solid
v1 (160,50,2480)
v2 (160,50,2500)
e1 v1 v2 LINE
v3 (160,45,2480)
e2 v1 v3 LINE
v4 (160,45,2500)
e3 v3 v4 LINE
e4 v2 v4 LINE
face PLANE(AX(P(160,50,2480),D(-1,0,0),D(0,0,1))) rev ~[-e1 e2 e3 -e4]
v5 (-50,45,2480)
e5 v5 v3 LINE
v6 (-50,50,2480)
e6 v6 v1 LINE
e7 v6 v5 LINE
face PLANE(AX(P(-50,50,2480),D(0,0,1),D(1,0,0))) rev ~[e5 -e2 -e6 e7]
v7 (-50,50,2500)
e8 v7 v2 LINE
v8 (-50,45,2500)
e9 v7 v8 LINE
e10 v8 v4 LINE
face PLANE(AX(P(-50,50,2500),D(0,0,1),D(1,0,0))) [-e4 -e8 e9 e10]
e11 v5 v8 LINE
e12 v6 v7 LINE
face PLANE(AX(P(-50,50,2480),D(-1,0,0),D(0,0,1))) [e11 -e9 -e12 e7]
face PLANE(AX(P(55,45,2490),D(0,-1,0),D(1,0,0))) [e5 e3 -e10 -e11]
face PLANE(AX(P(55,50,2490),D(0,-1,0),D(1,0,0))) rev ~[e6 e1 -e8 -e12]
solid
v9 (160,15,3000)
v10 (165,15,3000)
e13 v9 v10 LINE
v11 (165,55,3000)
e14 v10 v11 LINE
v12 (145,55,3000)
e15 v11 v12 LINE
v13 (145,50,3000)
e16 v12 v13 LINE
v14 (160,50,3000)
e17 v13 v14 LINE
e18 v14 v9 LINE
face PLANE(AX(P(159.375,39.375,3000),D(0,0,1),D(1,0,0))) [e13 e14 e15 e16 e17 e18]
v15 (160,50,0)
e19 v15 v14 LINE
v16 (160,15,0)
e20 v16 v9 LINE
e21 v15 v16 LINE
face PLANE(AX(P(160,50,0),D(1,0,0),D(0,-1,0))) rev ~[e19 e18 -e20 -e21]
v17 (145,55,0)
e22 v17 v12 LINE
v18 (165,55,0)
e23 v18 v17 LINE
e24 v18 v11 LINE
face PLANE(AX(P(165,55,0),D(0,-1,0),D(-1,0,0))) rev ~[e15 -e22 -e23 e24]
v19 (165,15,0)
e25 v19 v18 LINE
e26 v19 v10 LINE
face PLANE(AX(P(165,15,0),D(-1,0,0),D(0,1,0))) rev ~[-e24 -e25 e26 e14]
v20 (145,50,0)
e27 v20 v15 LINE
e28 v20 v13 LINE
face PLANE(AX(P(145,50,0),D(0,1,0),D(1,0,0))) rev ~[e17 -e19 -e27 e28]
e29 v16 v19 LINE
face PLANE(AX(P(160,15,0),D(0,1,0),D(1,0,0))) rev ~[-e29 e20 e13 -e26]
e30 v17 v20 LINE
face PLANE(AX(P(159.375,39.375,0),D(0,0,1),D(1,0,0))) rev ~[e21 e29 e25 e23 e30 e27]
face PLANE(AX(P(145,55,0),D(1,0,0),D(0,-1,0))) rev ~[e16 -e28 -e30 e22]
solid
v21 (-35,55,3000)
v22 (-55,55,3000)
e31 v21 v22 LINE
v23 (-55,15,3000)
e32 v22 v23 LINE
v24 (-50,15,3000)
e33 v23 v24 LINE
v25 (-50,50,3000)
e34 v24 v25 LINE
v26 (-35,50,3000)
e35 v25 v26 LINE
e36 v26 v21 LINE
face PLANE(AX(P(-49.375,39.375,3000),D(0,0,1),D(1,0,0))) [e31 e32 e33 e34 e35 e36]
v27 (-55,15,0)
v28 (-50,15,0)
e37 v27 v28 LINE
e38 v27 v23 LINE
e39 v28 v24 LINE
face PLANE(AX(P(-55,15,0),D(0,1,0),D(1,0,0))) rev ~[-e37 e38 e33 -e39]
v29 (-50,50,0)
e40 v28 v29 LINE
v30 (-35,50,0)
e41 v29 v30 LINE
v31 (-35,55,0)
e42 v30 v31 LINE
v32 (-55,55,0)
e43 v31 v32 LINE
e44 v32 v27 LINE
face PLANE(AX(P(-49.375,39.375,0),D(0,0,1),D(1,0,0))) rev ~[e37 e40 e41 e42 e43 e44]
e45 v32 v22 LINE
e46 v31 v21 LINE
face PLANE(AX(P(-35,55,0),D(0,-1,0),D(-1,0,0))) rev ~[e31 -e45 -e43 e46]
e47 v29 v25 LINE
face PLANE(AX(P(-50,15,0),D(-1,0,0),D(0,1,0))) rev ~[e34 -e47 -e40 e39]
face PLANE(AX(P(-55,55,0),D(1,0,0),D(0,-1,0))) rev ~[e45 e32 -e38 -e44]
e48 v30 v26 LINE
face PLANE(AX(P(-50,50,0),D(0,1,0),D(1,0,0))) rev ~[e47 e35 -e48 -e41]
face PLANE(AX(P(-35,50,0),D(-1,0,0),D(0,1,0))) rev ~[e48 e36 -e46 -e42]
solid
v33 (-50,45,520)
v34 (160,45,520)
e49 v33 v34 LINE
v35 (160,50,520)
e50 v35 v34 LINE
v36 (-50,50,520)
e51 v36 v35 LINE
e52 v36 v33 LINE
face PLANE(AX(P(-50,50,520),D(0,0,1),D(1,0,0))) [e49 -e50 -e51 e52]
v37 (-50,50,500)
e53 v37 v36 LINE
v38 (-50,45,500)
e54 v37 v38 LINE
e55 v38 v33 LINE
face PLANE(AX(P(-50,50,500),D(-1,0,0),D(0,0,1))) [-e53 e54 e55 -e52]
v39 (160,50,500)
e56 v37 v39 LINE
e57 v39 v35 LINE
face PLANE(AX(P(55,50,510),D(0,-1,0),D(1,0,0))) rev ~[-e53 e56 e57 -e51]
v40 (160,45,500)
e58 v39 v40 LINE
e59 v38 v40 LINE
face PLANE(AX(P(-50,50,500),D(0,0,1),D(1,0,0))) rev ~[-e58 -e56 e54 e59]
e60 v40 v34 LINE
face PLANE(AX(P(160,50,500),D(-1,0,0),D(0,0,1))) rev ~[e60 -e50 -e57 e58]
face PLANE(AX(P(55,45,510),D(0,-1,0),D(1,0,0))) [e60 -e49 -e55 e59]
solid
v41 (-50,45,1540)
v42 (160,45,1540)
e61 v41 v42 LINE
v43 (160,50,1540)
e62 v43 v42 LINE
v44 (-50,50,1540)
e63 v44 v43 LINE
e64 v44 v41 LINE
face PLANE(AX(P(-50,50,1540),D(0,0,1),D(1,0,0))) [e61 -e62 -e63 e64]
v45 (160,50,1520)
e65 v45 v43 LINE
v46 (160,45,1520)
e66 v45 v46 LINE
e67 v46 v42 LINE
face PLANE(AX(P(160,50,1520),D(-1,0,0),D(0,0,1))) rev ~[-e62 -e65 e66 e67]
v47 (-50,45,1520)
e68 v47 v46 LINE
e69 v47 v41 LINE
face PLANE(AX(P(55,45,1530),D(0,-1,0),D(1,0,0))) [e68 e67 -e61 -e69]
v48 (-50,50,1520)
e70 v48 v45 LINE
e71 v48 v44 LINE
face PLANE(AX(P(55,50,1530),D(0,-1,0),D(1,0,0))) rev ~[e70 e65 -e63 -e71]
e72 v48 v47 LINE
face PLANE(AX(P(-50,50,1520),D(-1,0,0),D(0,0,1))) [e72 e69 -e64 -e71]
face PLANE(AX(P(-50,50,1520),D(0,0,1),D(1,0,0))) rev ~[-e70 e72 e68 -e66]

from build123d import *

# Parameters (mm, degrees)
F1_DEPTH = 3000
F2_W     = 210
F2_H     = 20
F3_DEPTH = 5
F4_W     = 210
F4_H     = 20
F5_DEPTH = 5
F6_W     = 210
F6_H     = 20
F7_DEPTH = 5


with BuildPart() as f1:
    # F0 (on Top) → F1 (new body)
    with BuildSketch(Plane.XY):
        Polygon((-35, 55), (-55, 55), (-55, 15), (-50, 15), (-50, 50), (-35, 50), align=None)
        Polygon((165, 55), (145, 55), (145, 50), (160, 50), (160, 15), (165, 15), align=None)
    extrude(amount=F1_DEPTH)


with BuildPart() as f3:
    # F2 (on face) → F3 (new body)
    with BuildSketch(Plane.XZ.offset(-50)):
        with Locations((55, 2490)):
            Rectangle(F2_W, F2_H)
    extrude(amount=F3_DEPTH)


with BuildPart() as f5:
    # F4 (on face) → F5 (new body)
    with BuildSketch(Plane.XZ.offset(-50)):
        with Locations((55, 510)):
            Rectangle(F4_W, F4_H)
    extrude(amount=F5_DEPTH)


with BuildPart() as f7:
    # F6 (on face) → F7 (new body)
    with BuildSketch(Plane.XZ.offset(-50)):
        with Locations((55, 1530)):
            Rectangle(F6_W, F6_H)
    extrude(amount=F7_DEPTH)


solid = Compound([f1.part, f3.part, f5.part, f7.part])
